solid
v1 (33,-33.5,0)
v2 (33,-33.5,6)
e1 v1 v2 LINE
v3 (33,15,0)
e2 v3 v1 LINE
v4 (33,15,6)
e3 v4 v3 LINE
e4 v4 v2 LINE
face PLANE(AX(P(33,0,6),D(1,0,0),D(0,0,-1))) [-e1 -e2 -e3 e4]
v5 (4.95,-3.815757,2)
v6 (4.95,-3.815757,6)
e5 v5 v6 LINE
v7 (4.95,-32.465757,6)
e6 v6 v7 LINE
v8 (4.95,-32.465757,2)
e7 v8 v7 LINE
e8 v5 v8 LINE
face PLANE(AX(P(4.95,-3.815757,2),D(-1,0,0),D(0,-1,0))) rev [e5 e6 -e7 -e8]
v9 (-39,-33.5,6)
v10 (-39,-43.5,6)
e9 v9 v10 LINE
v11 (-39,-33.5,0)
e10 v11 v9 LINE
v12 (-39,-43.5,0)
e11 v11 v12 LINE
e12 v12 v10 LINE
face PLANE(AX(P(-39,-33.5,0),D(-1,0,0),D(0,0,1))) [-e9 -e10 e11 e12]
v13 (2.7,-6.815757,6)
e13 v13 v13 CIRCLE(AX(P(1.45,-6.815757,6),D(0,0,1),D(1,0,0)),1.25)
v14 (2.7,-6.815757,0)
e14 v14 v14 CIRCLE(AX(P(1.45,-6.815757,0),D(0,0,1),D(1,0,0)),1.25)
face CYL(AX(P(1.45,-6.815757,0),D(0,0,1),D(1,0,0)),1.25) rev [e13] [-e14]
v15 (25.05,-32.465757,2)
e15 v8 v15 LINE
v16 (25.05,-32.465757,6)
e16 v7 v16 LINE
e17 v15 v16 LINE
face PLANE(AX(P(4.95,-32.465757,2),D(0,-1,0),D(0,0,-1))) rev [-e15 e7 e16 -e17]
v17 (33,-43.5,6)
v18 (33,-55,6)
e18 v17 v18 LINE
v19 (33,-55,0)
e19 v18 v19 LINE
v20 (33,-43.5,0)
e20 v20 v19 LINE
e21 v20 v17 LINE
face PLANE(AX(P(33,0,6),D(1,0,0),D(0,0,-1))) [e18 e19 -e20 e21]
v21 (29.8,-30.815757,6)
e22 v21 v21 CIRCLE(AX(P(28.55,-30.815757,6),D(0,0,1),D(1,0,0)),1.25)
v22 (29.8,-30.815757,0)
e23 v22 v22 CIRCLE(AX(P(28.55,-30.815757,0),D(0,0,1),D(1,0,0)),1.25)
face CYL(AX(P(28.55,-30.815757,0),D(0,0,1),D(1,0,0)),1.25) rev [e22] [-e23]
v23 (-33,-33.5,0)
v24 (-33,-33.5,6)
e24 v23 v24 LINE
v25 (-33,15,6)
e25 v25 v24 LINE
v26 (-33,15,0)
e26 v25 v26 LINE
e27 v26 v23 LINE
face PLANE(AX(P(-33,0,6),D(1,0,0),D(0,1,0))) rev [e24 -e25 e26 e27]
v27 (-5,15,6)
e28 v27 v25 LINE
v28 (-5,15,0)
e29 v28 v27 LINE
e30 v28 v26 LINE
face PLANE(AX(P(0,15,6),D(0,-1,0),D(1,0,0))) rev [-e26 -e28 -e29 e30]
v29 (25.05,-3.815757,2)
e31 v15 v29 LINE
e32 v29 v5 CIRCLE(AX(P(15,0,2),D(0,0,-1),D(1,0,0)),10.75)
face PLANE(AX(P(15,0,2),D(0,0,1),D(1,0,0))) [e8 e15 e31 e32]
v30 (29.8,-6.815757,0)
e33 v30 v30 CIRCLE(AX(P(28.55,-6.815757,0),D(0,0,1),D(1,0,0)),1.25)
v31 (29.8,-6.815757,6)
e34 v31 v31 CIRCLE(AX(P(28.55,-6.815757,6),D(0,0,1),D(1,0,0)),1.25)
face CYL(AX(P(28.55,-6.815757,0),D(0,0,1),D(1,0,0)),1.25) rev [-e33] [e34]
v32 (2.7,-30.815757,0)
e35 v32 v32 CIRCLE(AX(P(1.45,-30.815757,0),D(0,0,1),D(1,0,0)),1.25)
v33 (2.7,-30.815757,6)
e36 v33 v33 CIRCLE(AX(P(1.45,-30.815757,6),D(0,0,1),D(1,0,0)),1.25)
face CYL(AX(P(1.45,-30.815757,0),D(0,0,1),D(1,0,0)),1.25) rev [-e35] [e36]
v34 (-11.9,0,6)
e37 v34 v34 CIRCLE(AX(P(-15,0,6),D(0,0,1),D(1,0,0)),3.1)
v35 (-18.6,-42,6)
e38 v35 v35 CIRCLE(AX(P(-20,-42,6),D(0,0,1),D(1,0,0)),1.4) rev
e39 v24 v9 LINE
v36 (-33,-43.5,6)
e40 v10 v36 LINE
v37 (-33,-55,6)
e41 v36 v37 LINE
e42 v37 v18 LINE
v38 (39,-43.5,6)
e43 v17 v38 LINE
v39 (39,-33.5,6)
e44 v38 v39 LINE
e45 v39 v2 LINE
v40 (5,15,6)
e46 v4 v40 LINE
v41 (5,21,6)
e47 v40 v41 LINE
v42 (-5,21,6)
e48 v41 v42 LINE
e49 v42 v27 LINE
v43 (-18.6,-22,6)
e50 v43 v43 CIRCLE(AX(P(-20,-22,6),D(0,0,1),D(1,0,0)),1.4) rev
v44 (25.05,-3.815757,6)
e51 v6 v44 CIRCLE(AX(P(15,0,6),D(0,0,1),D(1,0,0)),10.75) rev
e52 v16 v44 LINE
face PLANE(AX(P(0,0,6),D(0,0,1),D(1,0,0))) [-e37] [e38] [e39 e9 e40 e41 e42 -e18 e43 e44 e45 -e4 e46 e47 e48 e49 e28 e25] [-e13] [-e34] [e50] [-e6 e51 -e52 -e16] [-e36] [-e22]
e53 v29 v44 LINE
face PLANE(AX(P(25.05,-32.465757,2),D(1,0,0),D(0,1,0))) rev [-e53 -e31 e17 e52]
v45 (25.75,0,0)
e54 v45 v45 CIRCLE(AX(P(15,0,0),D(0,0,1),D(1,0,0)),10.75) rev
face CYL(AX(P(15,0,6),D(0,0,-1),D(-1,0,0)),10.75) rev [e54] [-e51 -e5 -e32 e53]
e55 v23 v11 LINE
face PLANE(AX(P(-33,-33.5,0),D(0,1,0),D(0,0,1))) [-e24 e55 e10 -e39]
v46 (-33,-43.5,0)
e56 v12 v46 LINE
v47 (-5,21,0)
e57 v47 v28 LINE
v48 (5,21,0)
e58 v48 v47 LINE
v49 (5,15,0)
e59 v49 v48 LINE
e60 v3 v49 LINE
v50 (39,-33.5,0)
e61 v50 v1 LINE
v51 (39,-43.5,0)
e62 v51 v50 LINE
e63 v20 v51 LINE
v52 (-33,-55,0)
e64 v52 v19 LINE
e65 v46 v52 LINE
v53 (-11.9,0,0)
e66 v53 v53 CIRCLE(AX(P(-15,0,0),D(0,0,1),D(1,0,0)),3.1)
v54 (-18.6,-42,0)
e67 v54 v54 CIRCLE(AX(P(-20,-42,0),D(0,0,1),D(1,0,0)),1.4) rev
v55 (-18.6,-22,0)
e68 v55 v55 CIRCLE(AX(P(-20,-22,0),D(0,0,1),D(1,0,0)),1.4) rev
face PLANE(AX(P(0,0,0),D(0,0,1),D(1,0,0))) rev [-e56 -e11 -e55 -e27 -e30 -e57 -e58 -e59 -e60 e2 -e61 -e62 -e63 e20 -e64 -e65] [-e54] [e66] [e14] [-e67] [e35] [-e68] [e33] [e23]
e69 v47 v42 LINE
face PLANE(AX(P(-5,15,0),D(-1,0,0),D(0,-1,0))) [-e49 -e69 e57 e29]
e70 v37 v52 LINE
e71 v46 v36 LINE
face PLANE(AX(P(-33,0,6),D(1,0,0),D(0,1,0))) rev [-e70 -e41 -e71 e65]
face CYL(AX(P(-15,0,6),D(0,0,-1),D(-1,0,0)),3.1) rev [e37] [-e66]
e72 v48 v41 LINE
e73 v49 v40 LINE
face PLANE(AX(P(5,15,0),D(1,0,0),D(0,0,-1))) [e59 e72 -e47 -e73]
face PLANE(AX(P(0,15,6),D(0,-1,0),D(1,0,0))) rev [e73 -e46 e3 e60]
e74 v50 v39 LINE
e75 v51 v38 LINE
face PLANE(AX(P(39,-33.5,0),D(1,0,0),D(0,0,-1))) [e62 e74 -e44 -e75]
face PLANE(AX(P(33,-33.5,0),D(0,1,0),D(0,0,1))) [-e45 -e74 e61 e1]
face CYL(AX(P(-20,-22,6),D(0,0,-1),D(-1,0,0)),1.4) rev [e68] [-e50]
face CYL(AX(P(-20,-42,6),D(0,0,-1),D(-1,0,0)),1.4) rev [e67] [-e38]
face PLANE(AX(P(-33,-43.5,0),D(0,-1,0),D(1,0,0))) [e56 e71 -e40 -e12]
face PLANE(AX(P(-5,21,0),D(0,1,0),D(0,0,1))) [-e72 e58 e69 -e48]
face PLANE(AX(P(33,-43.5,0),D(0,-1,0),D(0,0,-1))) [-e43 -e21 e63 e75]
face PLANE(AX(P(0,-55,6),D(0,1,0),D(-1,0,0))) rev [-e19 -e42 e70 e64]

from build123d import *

# Parameters (mm, degrees)
ESQUISSE1_W             = 66
ESQUISSE1_H             = 70
ESQUISSE1_R             = 10.75
ESQUISSE1_R_2           = 1.4
ESQUISSE1_R_3           = 3.1
BOSS_EXTRU_1_DEPTH      = 6
ESQUISSE2_W             = 10
ESQUISSE2_H             = 6
ESQUISSE2_W_2           = 6
ESQUISSE2_H_2           = 10
BOSS_EXTRU_3_DEPTH      = 6
ENL_V_MAT_EXTRU_3_DEPTH = 4
ESQUISSE4_R             = 1.25
ENL_V_MAT_EXTRU_4_DEPTH = 6


with BuildPart() as part:
    # Esquisse1 → Boss.-Extru.1 (new body)
    with BuildSketch(Plane.XY):
        with Locations((0, -20)):
            Rectangle(ESQUISSE1_W, ESQUISSE1_H)
        with Locations((15, 0)):
            Circle(ESQUISSE1_R, mode=Mode.SUBTRACT)
        with Locations((-20, -42)):
            Circle(ESQUISSE1_R_2, mode=Mode.SUBTRACT)
        with Locations((-20, -22)):
            Circle(ESQUISSE1_R_2, mode=Mode.SUBTRACT)
        with Locations((-15, 0)):
            Circle(ESQUISSE1_R_3, mode=Mode.SUBTRACT)
    extrude(amount=BOSS_EXTRU_1_DEPTH)

    # Esquisse2 → Boss.-Extru.3 (add)
    with BuildSketch(Plane.XY.offset(6)):
        with Locations((0, 18)):
            Rectangle(ESQUISSE2_W, ESQUISSE2_H)
        with Locations((-36, -38.5)):
            Rectangle(ESQUISSE2_W_2, ESQUISSE2_H_2)
        with Locations((36, -38.5)):
            Rectangle(ESQUISSE2_W_2, ESQUISSE2_H_2)
    extrude(amount=-BOSS_EXTRU_3_DEPTH)

    # Esquisse3 → Enlèv. mat.-Extru.3 (cut)
    with BuildSketch(Plane.XY.offset(6)):
        with BuildLine():
            Line((4.95, -3.815756806), (4.95, -32.465756806))
            Line((4.95, -32.465756806), (25.05, -32.465756806))
            Line((25.05, -32.465756806), (25.05, -3.815756806))
            ThreePointArc((25.05, -3.815756806), (15, -10.75), (4.95, -3.815756806))
        make_face()
    extrude(amount=-ENL_V_MAT_EXTRU_3_DEPTH, mode=Mode.SUBTRACT)

    # Esquisse4 → Enlèv. mat.-Extru.4 (cut)
    with BuildSketch(Plane.XY.offset(6)):
        with Locations((28.55, -6.815756806)):
            Circle(ESQUISSE4_R)
        with Locations((28.55, -30.815756806)):
            Circle(ESQUISSE4_R)
        with Locations((1.45, -30.815756806)):
            Circle(ESQUISSE4_R)
        with Locations((1.45, -6.815756806)):
            Circle(ESQUISSE4_R)
    extrude(amount=-ENL_V_MAT_EXTRU_4_DEPTH, mode=Mode.SUBTRACT)


solid = part.part
